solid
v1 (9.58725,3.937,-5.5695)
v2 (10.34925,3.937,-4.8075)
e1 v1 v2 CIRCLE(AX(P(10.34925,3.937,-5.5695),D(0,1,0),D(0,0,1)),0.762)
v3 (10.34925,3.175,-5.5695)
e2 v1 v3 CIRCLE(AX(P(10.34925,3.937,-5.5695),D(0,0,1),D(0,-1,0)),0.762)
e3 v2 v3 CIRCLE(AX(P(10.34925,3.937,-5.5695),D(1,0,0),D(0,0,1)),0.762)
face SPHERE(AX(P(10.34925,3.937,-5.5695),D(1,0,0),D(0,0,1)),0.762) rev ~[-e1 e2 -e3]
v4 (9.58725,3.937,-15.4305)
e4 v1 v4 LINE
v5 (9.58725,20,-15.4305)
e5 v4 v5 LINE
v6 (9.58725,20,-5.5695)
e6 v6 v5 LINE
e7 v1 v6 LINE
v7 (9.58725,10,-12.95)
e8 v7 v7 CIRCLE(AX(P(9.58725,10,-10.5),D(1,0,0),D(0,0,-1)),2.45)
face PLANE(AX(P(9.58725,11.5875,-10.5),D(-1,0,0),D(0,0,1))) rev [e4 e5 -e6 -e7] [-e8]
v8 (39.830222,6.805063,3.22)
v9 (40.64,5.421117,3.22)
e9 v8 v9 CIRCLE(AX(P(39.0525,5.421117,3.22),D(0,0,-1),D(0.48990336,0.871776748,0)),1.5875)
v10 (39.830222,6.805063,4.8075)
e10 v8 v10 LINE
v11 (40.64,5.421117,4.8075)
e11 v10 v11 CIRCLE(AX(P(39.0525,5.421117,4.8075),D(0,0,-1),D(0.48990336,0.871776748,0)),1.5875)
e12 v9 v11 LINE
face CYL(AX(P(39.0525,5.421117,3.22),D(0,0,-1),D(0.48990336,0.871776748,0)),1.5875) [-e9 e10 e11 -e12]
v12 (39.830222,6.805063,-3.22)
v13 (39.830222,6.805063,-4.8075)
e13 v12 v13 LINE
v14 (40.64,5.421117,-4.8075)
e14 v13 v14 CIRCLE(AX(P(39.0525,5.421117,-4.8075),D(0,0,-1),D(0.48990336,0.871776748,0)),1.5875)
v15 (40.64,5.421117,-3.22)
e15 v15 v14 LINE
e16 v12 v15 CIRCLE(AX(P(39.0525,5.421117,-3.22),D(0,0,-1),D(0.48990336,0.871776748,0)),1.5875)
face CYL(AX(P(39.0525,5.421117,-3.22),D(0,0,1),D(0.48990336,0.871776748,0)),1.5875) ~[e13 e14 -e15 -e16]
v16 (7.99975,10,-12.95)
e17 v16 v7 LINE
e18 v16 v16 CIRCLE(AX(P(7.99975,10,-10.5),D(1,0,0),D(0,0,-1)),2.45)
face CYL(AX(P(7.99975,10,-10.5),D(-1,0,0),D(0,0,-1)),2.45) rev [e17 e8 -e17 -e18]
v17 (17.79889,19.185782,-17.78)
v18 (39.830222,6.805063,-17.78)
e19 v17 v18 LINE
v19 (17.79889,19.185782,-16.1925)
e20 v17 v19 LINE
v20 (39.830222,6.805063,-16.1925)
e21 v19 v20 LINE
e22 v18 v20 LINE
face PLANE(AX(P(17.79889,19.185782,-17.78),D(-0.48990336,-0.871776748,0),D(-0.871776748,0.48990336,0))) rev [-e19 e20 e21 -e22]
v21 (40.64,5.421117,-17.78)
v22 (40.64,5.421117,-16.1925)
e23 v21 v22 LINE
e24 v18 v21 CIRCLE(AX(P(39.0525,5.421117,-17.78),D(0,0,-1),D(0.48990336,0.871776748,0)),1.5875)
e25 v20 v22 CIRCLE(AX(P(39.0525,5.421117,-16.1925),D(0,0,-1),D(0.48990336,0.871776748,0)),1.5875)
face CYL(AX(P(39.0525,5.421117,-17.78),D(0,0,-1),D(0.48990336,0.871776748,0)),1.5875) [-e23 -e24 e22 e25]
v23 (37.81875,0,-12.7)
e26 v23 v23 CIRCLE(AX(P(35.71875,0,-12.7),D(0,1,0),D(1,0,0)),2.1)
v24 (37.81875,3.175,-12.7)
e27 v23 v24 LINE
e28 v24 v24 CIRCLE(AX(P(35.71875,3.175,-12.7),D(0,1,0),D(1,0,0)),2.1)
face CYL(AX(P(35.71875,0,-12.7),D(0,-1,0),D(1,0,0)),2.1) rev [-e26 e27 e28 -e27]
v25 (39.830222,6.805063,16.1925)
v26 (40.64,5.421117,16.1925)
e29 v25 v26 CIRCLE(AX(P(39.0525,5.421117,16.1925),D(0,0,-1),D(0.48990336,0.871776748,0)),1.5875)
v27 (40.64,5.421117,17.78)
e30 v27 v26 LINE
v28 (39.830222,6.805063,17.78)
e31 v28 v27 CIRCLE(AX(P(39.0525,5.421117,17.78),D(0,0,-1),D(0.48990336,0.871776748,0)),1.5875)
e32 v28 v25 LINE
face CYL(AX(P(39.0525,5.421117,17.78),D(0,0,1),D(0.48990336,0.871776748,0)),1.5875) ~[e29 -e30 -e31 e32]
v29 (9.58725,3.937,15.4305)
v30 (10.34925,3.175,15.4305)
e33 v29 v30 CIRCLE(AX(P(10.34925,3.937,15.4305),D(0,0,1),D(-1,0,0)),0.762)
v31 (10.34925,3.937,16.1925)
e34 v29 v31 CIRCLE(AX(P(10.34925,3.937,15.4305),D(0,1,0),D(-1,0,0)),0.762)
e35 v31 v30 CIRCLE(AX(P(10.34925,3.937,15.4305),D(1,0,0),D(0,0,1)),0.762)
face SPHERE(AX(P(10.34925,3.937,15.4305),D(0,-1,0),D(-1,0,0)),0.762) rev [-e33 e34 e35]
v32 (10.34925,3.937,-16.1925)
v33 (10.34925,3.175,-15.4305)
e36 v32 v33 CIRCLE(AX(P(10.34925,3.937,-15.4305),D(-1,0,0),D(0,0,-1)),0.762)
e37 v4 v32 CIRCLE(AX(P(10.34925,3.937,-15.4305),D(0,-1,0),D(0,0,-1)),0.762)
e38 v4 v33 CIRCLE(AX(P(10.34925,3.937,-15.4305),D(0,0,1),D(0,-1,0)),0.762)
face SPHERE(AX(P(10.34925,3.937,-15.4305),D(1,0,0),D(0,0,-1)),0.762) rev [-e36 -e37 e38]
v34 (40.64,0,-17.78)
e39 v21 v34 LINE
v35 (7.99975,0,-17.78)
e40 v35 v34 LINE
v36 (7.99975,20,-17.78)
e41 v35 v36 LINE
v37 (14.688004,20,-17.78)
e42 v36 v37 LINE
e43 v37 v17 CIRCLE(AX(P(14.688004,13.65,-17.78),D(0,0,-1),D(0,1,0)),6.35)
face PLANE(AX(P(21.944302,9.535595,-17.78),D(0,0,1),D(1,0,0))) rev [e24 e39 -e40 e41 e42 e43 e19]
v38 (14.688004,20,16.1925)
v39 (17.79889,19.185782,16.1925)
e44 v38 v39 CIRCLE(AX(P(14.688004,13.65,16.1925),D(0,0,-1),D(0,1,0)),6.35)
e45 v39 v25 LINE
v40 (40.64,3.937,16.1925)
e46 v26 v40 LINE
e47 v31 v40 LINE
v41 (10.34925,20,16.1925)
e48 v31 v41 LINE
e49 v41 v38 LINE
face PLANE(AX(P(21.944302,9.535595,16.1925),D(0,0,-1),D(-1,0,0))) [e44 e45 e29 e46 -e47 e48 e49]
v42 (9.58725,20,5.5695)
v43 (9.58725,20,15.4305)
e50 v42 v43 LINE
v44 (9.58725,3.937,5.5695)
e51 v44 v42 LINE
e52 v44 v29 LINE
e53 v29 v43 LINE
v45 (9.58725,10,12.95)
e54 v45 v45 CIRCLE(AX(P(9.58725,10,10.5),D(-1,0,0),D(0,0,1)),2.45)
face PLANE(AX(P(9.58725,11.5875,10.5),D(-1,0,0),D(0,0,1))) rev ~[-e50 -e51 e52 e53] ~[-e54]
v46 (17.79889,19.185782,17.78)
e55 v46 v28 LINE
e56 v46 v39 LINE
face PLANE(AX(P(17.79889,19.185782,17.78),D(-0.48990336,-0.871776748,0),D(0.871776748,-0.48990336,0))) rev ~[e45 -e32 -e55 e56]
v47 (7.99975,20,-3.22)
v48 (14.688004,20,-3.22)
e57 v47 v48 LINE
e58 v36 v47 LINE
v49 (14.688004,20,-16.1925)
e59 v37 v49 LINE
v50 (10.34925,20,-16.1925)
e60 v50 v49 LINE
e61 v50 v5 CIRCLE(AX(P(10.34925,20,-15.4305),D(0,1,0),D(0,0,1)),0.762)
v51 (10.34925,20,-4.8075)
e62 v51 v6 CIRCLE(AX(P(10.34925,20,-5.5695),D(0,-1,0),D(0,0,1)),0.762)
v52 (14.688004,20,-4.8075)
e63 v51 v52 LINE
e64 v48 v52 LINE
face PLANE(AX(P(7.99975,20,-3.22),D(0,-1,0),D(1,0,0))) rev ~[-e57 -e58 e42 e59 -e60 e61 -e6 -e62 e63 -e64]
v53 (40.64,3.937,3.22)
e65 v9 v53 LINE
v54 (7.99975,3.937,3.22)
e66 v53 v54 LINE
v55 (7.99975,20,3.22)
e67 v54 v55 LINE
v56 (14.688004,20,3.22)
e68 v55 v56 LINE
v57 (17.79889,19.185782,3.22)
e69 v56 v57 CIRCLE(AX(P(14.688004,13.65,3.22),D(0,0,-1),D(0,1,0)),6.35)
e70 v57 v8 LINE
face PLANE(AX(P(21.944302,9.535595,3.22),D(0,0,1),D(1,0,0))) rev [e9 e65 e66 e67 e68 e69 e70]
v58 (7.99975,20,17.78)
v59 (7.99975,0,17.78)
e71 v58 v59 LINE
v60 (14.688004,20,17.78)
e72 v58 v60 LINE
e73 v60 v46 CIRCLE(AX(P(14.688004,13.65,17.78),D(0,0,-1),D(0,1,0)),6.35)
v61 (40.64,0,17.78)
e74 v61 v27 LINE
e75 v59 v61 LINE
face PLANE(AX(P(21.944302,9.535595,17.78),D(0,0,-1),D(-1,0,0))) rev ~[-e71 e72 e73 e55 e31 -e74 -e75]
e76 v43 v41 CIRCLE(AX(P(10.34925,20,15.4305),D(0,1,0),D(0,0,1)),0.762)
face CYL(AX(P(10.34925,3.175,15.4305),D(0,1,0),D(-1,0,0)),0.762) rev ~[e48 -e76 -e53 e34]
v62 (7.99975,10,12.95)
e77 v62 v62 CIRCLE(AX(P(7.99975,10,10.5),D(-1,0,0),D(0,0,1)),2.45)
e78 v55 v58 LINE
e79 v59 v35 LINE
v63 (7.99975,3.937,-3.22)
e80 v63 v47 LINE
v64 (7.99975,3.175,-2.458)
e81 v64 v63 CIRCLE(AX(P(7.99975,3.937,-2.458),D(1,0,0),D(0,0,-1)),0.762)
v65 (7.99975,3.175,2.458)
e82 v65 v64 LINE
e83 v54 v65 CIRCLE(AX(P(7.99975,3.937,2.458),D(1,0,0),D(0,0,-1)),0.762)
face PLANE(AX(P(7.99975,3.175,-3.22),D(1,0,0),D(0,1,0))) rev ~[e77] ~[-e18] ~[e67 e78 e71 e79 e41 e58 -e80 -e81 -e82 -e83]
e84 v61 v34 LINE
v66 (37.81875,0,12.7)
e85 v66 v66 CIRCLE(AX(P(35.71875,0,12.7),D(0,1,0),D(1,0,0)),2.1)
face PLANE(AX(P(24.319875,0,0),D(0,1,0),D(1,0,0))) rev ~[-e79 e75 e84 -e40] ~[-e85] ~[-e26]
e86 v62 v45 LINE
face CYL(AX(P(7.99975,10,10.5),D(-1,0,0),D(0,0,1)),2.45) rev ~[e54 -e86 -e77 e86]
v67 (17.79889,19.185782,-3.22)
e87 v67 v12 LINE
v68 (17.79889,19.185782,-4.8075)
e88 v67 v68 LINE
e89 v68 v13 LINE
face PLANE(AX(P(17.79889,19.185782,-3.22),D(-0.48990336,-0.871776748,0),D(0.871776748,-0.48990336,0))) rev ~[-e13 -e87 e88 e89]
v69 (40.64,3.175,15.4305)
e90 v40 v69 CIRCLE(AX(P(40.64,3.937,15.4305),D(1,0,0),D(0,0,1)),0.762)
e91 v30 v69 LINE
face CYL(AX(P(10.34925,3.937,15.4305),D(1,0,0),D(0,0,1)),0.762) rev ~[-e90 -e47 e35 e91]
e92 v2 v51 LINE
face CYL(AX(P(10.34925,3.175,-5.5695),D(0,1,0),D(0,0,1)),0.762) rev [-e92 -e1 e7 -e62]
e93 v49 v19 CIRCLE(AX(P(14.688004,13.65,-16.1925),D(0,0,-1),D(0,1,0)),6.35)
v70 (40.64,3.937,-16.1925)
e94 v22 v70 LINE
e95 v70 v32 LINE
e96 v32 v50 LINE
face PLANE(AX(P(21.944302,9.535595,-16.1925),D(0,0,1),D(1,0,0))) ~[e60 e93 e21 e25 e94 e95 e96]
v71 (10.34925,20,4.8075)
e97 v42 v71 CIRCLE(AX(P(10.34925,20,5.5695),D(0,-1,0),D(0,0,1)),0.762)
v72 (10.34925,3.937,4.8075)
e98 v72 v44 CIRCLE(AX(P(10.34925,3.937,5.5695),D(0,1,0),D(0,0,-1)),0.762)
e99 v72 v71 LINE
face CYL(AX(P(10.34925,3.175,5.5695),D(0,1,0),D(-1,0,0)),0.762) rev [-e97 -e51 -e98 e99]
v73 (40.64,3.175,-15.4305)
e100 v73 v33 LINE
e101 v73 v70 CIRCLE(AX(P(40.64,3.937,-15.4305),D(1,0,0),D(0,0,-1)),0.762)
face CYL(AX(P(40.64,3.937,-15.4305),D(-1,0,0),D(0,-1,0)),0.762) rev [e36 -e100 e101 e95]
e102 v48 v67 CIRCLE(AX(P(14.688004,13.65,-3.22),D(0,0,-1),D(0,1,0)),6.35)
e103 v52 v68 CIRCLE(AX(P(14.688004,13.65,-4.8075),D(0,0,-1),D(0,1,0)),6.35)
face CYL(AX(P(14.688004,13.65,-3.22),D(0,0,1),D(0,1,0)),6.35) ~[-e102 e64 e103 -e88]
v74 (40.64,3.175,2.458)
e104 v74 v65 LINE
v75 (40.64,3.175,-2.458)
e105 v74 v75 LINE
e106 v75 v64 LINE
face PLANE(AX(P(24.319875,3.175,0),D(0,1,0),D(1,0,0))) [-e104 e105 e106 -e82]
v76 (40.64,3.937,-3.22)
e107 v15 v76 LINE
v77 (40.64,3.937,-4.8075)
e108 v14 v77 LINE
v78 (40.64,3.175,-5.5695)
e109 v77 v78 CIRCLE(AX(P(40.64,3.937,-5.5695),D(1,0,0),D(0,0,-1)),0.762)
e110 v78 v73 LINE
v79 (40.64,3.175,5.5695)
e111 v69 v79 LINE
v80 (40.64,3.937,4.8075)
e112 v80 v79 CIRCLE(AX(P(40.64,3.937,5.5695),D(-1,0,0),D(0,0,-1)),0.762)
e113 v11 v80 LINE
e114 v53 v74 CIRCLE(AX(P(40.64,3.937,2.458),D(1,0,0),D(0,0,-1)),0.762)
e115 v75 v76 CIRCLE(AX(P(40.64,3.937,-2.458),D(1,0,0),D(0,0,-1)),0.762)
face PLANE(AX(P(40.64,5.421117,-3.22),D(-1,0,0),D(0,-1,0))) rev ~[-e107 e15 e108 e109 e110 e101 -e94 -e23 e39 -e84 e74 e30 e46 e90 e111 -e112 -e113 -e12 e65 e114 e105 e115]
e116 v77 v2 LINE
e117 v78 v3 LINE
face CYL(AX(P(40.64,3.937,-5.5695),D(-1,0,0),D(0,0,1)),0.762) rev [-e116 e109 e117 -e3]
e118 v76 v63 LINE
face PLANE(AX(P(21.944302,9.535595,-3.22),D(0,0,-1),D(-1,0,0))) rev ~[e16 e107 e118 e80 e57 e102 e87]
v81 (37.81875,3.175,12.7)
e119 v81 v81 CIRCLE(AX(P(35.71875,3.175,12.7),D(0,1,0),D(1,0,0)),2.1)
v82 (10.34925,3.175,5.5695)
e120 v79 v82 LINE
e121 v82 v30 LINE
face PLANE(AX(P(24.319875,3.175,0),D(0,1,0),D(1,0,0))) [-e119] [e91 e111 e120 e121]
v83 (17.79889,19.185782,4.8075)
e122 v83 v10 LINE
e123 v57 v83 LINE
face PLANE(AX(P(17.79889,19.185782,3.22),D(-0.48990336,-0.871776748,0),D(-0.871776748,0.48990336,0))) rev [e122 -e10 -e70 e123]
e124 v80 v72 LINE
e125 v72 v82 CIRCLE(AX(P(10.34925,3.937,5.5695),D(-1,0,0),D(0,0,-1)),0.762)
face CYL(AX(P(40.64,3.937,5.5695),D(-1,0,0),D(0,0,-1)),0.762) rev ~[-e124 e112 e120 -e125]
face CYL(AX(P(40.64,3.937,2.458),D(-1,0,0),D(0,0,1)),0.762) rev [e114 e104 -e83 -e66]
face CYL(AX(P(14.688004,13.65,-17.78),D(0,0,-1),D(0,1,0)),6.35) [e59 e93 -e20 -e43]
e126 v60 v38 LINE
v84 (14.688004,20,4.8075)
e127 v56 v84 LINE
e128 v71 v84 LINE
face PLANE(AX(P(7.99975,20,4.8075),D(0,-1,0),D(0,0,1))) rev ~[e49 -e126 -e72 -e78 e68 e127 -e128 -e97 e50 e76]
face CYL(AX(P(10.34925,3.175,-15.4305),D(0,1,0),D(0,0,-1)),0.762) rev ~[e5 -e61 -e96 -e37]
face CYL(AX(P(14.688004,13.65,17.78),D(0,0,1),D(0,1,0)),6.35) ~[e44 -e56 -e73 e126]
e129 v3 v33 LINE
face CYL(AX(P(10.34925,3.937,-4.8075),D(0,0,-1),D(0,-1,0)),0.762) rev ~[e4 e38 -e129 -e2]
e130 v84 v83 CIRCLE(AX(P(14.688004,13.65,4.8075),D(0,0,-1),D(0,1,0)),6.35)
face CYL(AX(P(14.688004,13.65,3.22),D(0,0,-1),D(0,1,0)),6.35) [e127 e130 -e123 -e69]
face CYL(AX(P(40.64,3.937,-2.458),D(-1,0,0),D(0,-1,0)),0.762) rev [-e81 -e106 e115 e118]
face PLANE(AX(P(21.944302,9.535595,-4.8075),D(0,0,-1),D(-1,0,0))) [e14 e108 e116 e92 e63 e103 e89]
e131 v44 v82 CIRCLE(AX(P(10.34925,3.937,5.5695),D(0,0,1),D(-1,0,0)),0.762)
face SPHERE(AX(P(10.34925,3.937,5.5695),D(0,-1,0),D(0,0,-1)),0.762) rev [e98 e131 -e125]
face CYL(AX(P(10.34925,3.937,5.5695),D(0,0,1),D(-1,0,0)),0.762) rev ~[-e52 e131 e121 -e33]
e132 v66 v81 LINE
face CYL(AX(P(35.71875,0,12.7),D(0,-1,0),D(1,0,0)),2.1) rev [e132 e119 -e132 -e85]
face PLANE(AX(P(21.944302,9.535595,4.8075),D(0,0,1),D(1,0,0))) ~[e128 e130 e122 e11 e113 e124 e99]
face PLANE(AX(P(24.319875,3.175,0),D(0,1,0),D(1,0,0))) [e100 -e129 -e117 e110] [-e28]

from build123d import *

# Parameters (mm, degrees)
SKETCH1_W            = 32.64025
SKETCH1_H            = 35.56
SKETCH1_R            = 2.1
BOSS_EXTRUDE2_DEPTH  = 3.175
BOSS_EXTRUDE3_DEPTH  = 1.5875
SKETCH4_W            = 11.385
SKETCH4_H            = 16.825
SKETCH4_R            = 2.45
BOSS_EXTRUDE4_DEPTH  = 1.5875
MIRROR2_COPY_1_DEPTH = 1.5875
FILLET1_R            = 0.762
FILLET2_R            = 0.762
FILLET6_R            = 0.762
FILLET7_R            = 0.762


with BuildPart() as part:
    # Sketch1 → Boss-Extrude2 (new body)
    with BuildSketch(Plane(origin=(0, 0, 0), x_dir=(1, 0, 0), z_dir=(0, 1, 0))):
        with Locations((24.319875, 0)):
            Rectangle(SKETCH1_W, SKETCH1_H)
        with Locations((35.71875, 12.7)):
            Circle(SKETCH1_R, mode=Mode.SUBTRACT)
        with Locations((35.71875, -12.7)):
            Circle(SKETCH1_R, mode=Mode.SUBTRACT)
    extrude(amount=BOSS_EXTRUDE2_DEPTH)

    # Sketch2 → Boss-Extrude3 (add)
    with BuildSketch(Plane.XY.offset(17.78)):
        with BuildLine():
            Line((17.798889871, 19.185782349), (39.830221584, 6.805062799))
            ThreePointArc((39.830221584, 6.805062799), (40.422680511, 6.222841365), (40.64, 5.421117212))
            Line((40.64, 5.421117212), (40.64, 3.175))
            Line((40.64, 3.175), (7.99975, 3.175))
            Line((7.99975, 3.175), (7.99975, 20))
            Line((7.99975, 20), (11.5875, 20))
            Line((11.5875, 20), (14.688003537, 20))
            ThreePointArc((14.688003537, 20), (16.295840918, 19.793074064), (17.798889871, 19.185782349))
        make_face()
    boss_extrude3 = extrude(amount=-BOSS_EXTRUDE3_DEPTH)

    # Mirror1: Boss-Extrude3 across plane
    add(boss_extrude3.mirror(Plane.XY.offset(10.5)))

    # Sketch4 → Boss-Extrude4 (add)
    with BuildSketch(Plane.ZY.offset(-7.99975)):
        with Locations((10.5, 11.5875)):
            Rectangle(SKETCH4_W, SKETCH4_H)
        with Locations((10.5, 10)):
            Circle(SKETCH4_R, mode=Mode.SUBTRACT)
    boss_extrude4 = extrude(amount=-BOSS_EXTRUDE4_DEPTH)

    # Mirror2: Boss-Extrude3, Boss-Extrude4 across plane
    add(boss_extrude3.mirror(Plane.XY))
    add(boss_extrude4.mirror(Plane.XY))

    # Mirror2 copy 1 sketch → Mirror2 copy 1 (add)
    with BuildSketch(Plane.XY.offset(-3.22)):
        with BuildLine():
            Line((17.798889871, 19.185782349), (39.830221584, 6.805062799))
            ThreePointArc((39.830221584, 6.805062799), (40.422680511, 6.222841365), (40.64, 5.421117212))
            Line((40.64, 5.421117212), (40.64, 3.175))
            Line((40.64, 3.175), (7.99975, 3.175))
            Line((7.99975, 3.175), (7.99975, 20))
            Line((7.99975, 20), (11.5875, 20))
            Line((11.5875, 20), (14.688003537, 20))
            ThreePointArc((14.688003537, 20), (16.295840918, 19.793074064), (17.798889871, 19.185782349))
        make_face()
    extrude(amount=-MIRROR2_COPY_1_DEPTH)

    # Fillet1
    fillet1_edges = [part.edges().sort_by_distance(p)[0] for p in [
        (9.58725, 11.5875, 4.8075),
    ]]
    fillet(fillet1_edges, radius=FILLET1_R)

    # Fillet2
    fillet2_edges = [part.edges().sort_by_distance(p)[0] for p in [
        (9.58725, 11.5875, 16.1925),
    ]]
    fillet(fillet2_edges, radius=FILLET2_R)

    # Fillet6
    fillet6_edges = [part.edges().sort_by_distance(p)[0] for p in [
        (24.319875, 3.175, 3.22),
    ]]
    fillet(fillet6_edges, radius=FILLET6_R)

    # Fillet7
    fillet7_edges = [part.edges().sort_by_distance(p)[0] for p in [
        (24.319875, 3.175, -3.22),
        (25.113625, 3.175, -4.8075),
        (25.113625, 3.175, -16.1925),
        (9.58725, 11.5875, -16.1925),
        (9.58725, 11.5875, -4.8075),
        (9.58725, 3.175, -10.5),
        (25.494625, 3.175, 4.8075),
        (9.58725, 3.175, 10.5),
        (9.810434633, 3.175, 5.030684633),
        (25.494625, 3.175, 16.1925),
        (9.810434633, 3.175, 15.969315367),
    ]]
    fillet(fillet7_edges, radius=FILLET7_R)


solid = part.part
